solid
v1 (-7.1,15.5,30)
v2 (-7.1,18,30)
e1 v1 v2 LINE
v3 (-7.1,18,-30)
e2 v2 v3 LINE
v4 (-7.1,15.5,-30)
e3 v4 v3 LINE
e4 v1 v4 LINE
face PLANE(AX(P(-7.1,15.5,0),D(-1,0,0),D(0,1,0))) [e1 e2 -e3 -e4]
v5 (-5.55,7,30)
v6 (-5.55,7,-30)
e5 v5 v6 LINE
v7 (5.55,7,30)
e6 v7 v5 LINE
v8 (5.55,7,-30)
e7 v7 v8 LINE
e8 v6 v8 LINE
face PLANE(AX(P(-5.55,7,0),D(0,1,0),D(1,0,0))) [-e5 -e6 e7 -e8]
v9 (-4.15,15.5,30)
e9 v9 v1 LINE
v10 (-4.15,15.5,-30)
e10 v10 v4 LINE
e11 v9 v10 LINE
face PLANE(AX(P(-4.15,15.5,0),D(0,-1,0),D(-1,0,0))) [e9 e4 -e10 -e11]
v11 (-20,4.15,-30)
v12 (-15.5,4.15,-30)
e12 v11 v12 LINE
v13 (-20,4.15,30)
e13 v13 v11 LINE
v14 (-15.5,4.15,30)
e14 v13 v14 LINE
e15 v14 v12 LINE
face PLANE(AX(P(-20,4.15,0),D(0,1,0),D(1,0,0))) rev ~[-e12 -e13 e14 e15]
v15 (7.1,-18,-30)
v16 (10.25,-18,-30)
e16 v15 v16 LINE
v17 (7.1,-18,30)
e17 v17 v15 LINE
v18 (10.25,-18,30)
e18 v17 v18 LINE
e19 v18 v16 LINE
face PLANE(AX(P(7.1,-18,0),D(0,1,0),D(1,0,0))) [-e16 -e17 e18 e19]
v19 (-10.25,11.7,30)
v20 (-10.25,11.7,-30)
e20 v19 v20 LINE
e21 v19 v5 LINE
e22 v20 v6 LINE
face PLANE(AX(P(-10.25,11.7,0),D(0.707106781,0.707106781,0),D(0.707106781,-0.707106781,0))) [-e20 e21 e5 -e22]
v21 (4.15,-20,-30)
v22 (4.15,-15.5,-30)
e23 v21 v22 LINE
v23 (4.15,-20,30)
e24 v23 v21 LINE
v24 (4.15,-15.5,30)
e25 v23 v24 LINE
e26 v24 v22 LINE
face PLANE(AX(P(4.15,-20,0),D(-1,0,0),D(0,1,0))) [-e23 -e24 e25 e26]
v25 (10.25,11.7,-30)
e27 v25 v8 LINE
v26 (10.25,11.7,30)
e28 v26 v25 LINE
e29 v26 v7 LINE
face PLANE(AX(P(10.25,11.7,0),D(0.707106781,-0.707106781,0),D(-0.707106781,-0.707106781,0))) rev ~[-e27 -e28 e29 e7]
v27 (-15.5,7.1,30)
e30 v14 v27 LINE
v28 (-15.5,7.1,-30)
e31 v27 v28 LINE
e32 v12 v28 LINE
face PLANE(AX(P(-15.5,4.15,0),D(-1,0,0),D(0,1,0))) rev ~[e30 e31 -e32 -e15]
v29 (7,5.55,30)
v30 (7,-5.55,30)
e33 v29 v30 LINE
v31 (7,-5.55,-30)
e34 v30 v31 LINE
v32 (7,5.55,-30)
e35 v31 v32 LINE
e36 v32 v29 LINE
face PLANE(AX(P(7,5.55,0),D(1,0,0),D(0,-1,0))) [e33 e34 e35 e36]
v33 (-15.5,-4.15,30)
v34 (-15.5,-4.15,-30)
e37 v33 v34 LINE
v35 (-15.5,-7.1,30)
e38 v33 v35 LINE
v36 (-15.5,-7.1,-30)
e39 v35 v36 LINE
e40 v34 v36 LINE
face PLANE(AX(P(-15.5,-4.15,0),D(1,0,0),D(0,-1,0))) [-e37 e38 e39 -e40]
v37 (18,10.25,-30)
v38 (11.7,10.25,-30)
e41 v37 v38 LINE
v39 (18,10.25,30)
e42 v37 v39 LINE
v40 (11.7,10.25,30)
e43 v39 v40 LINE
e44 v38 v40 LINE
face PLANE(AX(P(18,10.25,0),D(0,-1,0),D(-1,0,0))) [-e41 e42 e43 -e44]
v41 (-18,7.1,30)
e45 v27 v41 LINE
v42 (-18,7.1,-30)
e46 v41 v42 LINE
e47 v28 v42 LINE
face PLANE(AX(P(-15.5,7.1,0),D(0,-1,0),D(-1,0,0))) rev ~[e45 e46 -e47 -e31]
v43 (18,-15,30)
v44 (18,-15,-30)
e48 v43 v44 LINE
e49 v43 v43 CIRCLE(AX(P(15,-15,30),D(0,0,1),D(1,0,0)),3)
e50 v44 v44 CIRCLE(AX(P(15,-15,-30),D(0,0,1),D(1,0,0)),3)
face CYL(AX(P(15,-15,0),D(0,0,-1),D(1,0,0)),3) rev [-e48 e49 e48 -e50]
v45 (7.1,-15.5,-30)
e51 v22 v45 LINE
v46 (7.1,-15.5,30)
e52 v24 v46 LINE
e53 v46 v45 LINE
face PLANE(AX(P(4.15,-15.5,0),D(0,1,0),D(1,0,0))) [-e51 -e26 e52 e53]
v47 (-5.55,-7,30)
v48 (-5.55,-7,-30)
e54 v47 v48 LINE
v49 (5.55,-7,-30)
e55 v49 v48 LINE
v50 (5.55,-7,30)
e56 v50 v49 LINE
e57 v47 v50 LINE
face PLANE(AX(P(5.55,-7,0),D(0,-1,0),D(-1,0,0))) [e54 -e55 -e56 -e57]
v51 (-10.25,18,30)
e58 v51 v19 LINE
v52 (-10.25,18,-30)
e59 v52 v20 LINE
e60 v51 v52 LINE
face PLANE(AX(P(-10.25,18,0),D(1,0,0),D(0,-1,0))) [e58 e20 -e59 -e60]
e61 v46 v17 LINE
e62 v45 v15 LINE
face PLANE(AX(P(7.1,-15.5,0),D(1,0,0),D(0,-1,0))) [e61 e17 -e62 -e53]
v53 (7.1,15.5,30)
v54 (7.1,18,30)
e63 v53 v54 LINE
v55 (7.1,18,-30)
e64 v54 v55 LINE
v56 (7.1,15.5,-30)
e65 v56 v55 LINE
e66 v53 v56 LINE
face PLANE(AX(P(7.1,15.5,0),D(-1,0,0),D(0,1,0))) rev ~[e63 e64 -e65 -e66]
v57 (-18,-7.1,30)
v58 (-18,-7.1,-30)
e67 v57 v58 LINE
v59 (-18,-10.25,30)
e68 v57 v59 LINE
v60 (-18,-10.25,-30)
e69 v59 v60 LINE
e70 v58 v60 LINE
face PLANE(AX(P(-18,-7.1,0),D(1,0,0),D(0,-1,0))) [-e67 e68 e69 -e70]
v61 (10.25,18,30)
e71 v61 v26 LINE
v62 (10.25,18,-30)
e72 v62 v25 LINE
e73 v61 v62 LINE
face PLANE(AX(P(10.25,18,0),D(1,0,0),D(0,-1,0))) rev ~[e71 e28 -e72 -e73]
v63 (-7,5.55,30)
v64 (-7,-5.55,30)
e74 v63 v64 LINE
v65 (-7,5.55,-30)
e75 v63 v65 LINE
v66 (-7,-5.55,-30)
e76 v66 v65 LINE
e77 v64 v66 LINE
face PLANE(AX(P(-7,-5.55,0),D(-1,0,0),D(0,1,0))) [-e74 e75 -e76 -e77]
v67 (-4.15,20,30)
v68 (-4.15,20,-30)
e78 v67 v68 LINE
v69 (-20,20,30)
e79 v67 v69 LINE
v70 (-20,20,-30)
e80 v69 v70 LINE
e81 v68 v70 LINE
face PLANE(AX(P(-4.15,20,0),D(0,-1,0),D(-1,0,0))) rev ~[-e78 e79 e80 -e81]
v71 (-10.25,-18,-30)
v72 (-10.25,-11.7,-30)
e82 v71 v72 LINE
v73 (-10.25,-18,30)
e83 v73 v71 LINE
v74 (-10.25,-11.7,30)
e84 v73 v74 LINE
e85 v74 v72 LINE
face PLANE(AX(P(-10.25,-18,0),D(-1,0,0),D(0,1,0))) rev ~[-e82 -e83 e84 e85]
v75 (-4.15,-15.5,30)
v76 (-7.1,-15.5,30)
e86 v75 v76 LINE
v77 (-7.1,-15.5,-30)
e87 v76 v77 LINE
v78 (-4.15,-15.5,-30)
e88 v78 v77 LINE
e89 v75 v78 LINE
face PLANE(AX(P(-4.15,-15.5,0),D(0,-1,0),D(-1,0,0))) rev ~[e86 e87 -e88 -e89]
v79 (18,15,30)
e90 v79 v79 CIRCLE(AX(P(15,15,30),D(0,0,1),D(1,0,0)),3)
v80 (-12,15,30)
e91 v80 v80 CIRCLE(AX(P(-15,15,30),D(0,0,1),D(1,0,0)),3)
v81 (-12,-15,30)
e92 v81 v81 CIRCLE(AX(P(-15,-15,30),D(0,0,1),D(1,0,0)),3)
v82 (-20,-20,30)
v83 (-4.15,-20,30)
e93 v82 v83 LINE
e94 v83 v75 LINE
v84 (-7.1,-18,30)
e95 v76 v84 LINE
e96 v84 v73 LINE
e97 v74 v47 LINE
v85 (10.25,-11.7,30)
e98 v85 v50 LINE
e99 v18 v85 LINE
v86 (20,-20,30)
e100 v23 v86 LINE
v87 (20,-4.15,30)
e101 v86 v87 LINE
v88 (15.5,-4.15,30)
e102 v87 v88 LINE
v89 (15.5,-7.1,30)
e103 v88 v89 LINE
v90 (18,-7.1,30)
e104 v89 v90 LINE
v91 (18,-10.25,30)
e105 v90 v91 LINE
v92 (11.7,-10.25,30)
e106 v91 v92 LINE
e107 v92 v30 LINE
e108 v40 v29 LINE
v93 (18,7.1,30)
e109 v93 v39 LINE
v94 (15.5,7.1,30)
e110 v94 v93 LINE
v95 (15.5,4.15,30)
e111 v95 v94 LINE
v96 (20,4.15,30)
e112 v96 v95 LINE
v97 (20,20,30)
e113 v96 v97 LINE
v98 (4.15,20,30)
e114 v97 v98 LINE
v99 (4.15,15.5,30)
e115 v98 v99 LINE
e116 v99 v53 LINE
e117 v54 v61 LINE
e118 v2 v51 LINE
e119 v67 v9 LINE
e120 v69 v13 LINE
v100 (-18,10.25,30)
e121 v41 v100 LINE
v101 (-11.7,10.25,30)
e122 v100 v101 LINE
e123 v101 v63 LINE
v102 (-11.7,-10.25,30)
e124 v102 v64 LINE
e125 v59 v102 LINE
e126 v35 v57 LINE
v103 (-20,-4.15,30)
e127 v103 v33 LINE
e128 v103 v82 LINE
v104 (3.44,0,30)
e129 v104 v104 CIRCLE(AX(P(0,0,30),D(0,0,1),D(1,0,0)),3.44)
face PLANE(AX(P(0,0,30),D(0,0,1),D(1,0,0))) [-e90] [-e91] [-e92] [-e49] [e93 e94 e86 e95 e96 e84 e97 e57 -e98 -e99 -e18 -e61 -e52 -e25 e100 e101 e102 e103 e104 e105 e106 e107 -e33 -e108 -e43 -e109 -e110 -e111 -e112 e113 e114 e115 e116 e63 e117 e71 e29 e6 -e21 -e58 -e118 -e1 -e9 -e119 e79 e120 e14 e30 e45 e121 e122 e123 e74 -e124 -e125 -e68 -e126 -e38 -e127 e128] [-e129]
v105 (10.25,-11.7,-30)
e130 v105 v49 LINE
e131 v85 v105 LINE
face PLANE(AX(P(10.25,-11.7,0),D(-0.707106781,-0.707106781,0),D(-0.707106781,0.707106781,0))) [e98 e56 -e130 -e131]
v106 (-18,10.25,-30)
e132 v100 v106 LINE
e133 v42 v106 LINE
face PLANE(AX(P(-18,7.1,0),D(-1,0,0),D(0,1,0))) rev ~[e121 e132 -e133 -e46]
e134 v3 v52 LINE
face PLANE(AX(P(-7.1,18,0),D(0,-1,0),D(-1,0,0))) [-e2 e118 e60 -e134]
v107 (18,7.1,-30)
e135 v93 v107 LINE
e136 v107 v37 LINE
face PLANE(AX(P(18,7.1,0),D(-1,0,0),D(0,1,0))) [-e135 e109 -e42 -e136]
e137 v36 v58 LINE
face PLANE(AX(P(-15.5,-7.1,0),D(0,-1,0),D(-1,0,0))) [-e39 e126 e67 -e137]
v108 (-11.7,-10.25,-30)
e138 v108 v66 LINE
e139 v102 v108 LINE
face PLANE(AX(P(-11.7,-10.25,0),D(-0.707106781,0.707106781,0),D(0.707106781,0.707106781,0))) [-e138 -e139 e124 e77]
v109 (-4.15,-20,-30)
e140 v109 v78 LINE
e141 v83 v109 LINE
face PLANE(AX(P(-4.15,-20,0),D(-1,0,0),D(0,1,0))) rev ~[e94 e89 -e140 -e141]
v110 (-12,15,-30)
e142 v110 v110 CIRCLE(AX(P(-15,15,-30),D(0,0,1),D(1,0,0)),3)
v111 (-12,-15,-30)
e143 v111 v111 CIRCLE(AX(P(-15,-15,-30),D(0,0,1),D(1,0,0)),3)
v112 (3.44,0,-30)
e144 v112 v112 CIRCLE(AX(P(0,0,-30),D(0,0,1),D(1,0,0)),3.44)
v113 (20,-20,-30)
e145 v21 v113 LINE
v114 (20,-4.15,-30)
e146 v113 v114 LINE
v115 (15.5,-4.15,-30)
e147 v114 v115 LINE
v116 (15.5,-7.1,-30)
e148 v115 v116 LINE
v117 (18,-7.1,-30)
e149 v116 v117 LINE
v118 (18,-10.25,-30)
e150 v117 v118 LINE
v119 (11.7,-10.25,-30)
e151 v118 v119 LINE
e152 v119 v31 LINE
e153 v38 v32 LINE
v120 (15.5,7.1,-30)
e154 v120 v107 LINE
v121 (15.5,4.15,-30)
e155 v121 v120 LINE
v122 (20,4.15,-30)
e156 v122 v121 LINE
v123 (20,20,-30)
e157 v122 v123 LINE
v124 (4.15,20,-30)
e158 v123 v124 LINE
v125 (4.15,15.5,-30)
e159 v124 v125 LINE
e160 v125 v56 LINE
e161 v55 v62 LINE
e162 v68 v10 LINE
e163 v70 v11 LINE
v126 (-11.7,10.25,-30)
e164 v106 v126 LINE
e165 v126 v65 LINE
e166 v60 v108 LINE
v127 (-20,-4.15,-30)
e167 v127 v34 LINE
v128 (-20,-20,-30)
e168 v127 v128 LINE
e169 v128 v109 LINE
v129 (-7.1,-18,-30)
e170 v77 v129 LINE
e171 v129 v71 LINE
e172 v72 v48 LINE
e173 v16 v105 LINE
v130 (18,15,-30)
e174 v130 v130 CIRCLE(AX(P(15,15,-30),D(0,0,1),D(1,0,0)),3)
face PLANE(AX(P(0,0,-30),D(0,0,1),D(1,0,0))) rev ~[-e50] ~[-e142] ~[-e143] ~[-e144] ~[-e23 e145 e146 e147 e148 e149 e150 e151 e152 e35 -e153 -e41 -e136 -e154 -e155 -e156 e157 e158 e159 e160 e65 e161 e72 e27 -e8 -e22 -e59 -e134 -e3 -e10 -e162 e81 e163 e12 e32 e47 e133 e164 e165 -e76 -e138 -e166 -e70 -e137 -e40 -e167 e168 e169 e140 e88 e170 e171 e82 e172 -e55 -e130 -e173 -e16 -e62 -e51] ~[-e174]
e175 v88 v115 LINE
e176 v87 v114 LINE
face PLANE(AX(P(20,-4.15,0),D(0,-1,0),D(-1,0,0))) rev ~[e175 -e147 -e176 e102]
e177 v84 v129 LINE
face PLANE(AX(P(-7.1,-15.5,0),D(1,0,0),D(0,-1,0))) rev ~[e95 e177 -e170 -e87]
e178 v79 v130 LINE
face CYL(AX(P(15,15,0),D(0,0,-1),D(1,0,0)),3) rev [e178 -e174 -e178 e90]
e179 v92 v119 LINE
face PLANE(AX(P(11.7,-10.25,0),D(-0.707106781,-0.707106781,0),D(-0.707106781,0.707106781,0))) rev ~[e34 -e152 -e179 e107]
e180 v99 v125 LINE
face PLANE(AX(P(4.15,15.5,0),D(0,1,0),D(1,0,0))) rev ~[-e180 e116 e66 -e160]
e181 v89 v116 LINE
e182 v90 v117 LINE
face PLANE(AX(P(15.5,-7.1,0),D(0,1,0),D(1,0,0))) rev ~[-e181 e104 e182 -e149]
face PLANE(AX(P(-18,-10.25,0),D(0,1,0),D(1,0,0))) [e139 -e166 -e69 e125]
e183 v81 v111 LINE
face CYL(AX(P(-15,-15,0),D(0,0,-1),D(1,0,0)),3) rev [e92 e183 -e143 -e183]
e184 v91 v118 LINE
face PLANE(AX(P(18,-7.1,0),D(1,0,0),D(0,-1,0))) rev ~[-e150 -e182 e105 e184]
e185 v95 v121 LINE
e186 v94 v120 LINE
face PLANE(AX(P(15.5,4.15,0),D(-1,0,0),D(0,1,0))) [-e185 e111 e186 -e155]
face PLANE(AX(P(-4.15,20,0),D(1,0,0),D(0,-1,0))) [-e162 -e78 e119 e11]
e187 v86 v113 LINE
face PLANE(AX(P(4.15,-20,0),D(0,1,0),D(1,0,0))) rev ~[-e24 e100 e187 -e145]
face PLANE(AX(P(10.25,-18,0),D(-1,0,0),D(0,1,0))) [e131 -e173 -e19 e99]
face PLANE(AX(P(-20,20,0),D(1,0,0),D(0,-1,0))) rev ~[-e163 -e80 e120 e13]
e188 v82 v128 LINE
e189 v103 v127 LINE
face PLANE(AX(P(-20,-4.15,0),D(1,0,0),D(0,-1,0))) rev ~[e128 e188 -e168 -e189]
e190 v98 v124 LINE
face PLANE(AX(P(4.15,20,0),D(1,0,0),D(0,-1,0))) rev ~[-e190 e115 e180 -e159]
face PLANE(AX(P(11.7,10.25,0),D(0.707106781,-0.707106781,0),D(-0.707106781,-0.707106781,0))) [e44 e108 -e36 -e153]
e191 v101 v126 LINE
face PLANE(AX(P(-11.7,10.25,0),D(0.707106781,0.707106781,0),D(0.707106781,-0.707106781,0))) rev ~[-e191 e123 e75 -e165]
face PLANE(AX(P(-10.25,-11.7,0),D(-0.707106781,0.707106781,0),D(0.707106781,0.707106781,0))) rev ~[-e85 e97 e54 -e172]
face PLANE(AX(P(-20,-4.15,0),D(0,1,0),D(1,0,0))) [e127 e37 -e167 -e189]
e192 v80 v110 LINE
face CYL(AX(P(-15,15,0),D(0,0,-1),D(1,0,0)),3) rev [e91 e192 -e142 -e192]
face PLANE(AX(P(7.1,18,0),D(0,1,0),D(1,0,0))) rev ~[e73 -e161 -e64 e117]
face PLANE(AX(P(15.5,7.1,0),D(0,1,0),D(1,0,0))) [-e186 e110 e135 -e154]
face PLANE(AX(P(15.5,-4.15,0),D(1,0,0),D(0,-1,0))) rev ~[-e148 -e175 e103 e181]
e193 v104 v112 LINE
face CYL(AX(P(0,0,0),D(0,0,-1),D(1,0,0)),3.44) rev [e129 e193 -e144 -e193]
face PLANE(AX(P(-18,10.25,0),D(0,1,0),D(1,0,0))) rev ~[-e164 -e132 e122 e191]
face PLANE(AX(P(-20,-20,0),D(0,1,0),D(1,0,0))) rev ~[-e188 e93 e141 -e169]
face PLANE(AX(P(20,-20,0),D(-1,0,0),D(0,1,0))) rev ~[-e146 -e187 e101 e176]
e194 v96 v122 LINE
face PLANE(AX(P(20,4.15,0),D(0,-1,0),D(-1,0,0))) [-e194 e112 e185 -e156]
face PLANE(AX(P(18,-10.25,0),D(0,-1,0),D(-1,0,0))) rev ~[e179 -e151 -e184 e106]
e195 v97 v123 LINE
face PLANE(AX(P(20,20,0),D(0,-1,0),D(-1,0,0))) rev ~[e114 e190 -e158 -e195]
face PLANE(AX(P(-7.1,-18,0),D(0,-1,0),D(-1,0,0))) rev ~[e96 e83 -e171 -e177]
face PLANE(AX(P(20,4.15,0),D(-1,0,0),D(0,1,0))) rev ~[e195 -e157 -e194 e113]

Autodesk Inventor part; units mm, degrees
ref_plane "YZ Plane" through (0, 0, 0) normal (1, 0, 0) x (0, 1, 0)
ref_plane "XZ Plane" through (0, 0, 0) normal (0, 1, 0) x (-1, 0, 0)
ref_plane "XY Plane" through (0, 0, 0) normal (0, 0, 1) x (1, 0, 0)
sketch "스케치1" plane through (0, 0, 0) normal (0, 0, 1) x (1, 0, 0)
  circle A0 centre (0, 0) radius 3.44
  line L0 (7, 5.55) -> (7, 0)
  line L1 (11.7, 10.25) -> (7, 5.55)
  line L2 (15.5, 4.15) -> (15.5, 7.1)
  line L3 (15.5, 7.1) -> (18, 7.1)
  line L4 (18, 7.1) -> (18, 10.25)
  line L5 (20, 4.15) -> (15.5, 4.15)
  line L6 (18, 10.25) -> (11.7, 10.25)
  circle A1 centre (15, 15) radius 3
  line L7 (-20, -20) -> (20, -20)
  line L8 (20, -20) -> (20, 20)
  line L9 (20, 20) -> (-20, 20)
  line L10 (-20, 20) -> (-20, -20)
  line L11 (-20, -20) -> (20, 20) construction
  line L12 (20, -20) -> (-20, 20) construction
  line L13 (5.55, 7) -> (0, 7)
  line L14 (10.25, 11.7) -> (5.55, 7)
  line L15 (10.25, 18) -> (10.25, 11.7)
  line L16 (7.1, 18) -> (10.25, 18)
  line L17 (7.1, 15.5) -> (7.1, 18)
  line L18 (4.15, 15.5) -> (7.1, 15.5)
  line L19 (4.15, 20) -> (4.15, 15.5)
  line L20 (-15.5, 7.1) -> (-18, 7.1)
  line L21 (-11.7, 10.25) -> (-7, 5.55)
  line L22 (-18, 10.25) -> (-11.7, 10.25)
  line L23 (-10.25, 18) -> (-10.25, 11.7)
  line L24 (-7.1, 15.5) -> (-7.1, 18)
  line L25 (-7.1, 18) -> (-10.25, 18)
  line L26 (-4.15, 15.5) -> (-7.1, 15.5)
  line L27 (-10.25, 11.7) -> (-5.55, 7)
  line L28 (-5.55, 7) -> (0, 7)
  line L29 (-18, 7.1) -> (-18, 10.25)
  line L30 (-7, 5.55) -> (-7, 0)
  line L31 (-15.5, 4.15) -> (-15.5, 7.1)
  line L32 (-20, 4.15) -> (-15.5, 4.15)
  line L33 (20, -20) -> (-20, 20) construction
  circle A2 centre (-15, 15) radius 3
  line L34 (-4.15, 20) -> (-4.15, 15.5)
  line L35 (-7.1, -15.5) -> (-7.1, -18)
  line L36 (-10.25, -11.7) -> (-5.55, -7)
  line L37 (-10.25, -18) -> (-10.25, -11.7)
  line L38 (-18, -10.25) -> (-11.7, -10.25)
  line L39 (-15.5, -7.1) -> (-18, -7.1)
  line L40 (-18, -7.1) -> (-18, -10.25)
  line L41 (-15.5, -4.15) -> (-15.5, -7.1)
  line L42 (-11.7, -10.25) -> (-7, -5.55)
  line L43 (-7, -5.55) -> (-7, 0)
  line L44 (-7.1, -18) -> (-10.25, -18)
  line L45 (-5.55, -7) -> (0, -7)
  line L46 (-4.15, -15.5) -> (-7.1, -15.5)
  line L47 (-4.15, -20) -> (-4.15, -15.5)
  line L48 (20, 20) -> (-20, -20) construction
  circle A3 centre (-15, -15) radius 3
  line L49 (-20, -4.15) -> (-15.5, -4.15)
  line L50 (15.5, -7.1) -> (18, -7.1)
  line L51 (11.7, -10.25) -> (7, -5.55)
  line L52 (18, -10.25) -> (11.7, -10.25)
  line L53 (10.25, -18) -> (10.25, -11.7)
  line L54 (7.1, -15.5) -> (7.1, -18)
  line L55 (7.1, -18) -> (10.25, -18)
  line L56 (4.15, -15.5) -> (7.1, -15.5)
  line L57 (10.25, -11.7) -> (5.55, -7)
  line L58 (5.55, -7) -> (0, -7)
  line L59 (18, -7.1) -> (18, -10.25)
  line L60 (7, -5.55) -> (7, 0)
  line L61 (15.5, -4.15) -> (15.5, -7.1)
  line L62 (20, -4.15) -> (15.5, -4.15)
  line L63 (-20, 20) -> (20, -20) construction
  circle A4 centre (15, -15) radius 3
  line L64 (4.15, -20) -> (4.15, -15.5)
  point P0 (-7, 0)
  point P1 (0, -7)
  point P2 (7, 0)
  dimension "d2" = 40
  dimension "d3" = 40
  dimension "d4" = 360
  dimension "d5" = 30
  dimension "d6" = 20.5
  dimension "d7" = 11.1
  dimension "d8" = 8.3
  dimension "d9" = 14.2
  dimension "d10" = 2
  dimension "d11" = 4.5
  dimension "d12" = 13
  dimension "d13" = 6
  dimension "d14" = 6.88
extrude "돌출1" add sketch "스케치1" along normal mid plane 60 contours L0 L60 L51 L52 L59 L50 L61 L62 L8 L7 L64 L56 L54 L55 L53 L57 L58 L45 L36 L37 L44 L35 L46 L47 L10 L49 L41 L39 L40 L38 L42 L43 L30 L21 L22 L29 L20 L31 L32 L9 L34 L26 L24 L25 L23 L27 L28 L13 L14 L15 L16 L17 L18 L19 L5 L2 L3 L4 L6 L1
equation "\"TransitionRadius\" = BendRadius"
equation "\"BendRadius\" = 0.5"
properties part number "4040 Aluminium Profile"
